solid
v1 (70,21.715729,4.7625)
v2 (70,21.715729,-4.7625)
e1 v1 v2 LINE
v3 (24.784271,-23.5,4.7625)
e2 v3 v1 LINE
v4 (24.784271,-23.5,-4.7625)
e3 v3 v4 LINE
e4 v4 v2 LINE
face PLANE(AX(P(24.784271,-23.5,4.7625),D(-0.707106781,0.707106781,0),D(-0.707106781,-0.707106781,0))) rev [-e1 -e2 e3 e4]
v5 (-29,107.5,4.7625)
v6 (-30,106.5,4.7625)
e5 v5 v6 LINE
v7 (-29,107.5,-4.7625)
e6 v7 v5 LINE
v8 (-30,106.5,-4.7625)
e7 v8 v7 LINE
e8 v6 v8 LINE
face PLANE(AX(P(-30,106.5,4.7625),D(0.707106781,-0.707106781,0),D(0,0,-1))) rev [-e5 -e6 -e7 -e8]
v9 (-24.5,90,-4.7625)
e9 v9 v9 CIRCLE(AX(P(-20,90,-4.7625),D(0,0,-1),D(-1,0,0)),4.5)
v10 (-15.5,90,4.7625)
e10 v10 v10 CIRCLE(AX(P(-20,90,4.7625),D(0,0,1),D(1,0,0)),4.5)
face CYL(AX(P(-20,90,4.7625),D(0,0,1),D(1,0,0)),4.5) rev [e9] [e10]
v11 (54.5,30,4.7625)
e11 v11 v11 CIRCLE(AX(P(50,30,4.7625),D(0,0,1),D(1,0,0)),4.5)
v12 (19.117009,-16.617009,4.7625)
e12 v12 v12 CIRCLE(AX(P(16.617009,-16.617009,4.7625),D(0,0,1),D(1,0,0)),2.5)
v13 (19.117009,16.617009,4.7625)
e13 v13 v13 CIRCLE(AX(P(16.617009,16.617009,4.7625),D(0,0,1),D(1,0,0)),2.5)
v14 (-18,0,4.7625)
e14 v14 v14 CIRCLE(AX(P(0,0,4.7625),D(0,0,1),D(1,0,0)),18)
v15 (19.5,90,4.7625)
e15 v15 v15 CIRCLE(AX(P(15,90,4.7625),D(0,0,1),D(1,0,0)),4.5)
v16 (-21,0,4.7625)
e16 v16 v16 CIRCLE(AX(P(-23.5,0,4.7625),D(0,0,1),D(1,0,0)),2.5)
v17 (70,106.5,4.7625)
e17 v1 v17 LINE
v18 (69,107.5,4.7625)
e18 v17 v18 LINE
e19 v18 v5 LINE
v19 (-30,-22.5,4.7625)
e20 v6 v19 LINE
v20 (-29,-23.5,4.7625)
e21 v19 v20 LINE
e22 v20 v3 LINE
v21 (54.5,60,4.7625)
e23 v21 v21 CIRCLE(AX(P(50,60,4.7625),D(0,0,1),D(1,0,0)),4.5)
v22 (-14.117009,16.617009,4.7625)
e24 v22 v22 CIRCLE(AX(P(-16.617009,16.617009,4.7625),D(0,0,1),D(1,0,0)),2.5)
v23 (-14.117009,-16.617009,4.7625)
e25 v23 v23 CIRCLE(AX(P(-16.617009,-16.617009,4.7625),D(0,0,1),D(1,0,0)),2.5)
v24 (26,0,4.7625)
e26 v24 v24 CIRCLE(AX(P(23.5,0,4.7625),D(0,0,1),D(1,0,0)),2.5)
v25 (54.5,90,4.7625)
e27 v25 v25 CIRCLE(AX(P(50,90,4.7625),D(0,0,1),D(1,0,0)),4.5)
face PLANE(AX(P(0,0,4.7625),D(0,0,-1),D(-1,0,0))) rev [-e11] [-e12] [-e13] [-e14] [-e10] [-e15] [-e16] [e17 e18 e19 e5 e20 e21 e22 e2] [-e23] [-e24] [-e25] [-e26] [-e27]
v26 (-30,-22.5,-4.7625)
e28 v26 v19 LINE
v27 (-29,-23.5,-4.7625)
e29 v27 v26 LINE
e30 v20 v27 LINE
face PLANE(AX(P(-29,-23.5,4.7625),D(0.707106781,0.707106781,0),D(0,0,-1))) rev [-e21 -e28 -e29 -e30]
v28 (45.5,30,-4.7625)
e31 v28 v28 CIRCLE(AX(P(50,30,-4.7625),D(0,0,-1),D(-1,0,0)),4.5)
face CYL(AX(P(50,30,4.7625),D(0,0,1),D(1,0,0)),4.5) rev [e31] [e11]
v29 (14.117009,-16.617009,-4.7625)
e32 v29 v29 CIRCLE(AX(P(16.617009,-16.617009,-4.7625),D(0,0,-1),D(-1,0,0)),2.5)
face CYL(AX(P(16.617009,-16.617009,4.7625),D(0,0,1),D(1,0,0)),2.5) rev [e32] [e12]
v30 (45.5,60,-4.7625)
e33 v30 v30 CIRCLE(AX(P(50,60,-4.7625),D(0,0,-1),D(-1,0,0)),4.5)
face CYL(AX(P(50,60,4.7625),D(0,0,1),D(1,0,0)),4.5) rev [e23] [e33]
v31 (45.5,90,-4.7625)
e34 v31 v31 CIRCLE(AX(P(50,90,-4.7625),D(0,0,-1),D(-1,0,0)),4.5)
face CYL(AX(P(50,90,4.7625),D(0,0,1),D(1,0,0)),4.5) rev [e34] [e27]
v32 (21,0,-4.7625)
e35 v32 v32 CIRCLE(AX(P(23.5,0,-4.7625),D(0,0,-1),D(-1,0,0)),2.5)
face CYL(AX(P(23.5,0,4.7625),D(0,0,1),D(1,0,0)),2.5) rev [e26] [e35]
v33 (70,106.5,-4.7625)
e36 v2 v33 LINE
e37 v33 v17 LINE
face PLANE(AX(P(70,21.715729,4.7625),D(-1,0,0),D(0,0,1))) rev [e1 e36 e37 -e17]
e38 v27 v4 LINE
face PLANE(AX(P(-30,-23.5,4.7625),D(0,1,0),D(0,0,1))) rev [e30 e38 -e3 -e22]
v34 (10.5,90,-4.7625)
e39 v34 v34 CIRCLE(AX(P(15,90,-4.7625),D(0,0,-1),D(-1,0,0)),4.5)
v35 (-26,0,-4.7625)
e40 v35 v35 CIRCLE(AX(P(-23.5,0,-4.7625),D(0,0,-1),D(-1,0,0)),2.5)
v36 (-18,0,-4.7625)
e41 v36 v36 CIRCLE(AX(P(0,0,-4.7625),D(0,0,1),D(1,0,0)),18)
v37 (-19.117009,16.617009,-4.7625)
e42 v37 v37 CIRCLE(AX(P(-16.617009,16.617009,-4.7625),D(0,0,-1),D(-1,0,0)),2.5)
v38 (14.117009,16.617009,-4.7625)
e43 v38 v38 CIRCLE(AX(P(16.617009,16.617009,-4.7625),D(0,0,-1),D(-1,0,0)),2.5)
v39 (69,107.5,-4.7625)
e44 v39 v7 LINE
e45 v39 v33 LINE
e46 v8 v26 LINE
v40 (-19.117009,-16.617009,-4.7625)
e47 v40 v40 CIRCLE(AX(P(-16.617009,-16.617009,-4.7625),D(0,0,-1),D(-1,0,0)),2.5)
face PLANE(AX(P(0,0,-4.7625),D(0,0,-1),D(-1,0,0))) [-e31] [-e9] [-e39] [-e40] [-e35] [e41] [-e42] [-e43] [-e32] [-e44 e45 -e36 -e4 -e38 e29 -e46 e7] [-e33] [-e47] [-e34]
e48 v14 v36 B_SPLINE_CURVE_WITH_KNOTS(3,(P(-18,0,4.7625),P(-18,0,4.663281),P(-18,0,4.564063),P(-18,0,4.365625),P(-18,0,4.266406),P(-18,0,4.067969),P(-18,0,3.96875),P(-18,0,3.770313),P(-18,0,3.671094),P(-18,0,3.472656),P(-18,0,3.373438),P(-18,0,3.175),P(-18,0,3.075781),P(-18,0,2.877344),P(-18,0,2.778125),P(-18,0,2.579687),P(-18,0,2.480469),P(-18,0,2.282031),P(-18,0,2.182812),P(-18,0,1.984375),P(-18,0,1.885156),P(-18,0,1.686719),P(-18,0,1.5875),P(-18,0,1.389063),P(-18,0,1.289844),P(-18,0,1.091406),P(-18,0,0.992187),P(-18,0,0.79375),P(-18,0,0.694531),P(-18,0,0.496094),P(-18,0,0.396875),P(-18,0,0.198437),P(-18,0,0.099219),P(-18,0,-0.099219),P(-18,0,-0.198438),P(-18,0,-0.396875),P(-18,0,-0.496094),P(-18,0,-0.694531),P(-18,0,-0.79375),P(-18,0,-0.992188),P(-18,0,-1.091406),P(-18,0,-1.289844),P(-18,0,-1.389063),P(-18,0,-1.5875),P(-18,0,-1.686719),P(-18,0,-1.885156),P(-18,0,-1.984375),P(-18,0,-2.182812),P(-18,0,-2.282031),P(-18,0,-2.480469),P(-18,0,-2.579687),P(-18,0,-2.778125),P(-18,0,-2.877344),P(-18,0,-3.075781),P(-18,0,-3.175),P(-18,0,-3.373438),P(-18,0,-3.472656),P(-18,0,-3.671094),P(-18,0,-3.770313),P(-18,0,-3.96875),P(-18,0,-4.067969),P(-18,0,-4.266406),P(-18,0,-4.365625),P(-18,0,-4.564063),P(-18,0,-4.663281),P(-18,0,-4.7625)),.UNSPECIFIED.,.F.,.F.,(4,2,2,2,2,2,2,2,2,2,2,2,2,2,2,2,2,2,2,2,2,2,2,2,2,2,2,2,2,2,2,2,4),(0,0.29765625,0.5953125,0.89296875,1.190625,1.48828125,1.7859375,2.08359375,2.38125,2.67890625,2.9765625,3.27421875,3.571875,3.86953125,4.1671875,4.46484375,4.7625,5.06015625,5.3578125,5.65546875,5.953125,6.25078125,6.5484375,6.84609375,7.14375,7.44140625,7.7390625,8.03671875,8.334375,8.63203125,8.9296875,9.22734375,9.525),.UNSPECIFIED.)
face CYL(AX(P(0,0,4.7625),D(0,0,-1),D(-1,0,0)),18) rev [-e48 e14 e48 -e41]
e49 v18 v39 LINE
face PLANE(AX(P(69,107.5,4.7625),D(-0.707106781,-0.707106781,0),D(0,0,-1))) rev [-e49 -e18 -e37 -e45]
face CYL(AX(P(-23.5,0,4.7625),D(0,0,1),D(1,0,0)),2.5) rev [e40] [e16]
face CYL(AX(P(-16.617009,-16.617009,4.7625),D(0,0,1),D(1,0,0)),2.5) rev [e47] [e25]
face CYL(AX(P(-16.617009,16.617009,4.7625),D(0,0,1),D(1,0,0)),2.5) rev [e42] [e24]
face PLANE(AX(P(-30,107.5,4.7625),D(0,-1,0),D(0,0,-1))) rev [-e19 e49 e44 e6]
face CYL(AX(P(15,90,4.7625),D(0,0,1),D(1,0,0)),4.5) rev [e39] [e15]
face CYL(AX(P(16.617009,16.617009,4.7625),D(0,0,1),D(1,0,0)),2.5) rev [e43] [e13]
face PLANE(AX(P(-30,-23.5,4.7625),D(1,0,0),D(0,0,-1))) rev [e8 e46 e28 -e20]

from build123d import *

# Parameters (mm, degrees)
SKETCH1_R             = 18
BOSS_EXTRUDE1_DEPTH   = 4.7625
M8_CLEARANCE_HOLE1_D  = 9
M6X1_0_TAPPED_HOLE1_D = 5
CHAMFER1_SIZE         = 1


with BuildPart() as part:
    # Sketch1 → Boss-Extrude1 (new, symmetric)
    with BuildSketch(Plane.XY):
        Polygon((-30, -23.5), (24.784271247, -23.5), (70, 21.715728753), (70, 107.5), (-30, 107.5), align=None)
        with Locations(Location((0, 0, 0), (0, 0, 180))):
            Circle(SKETCH1_R, mode=Mode.SUBTRACT)
    extrude(amount=BOSS_EXTRUDE1_DEPTH, both=True)

    # M8 Clearance Hole1 (through all)
    with Locations(Plane.XY.offset(4.7625)):
        with Locations((-20, 90), (15, 90), (50, 90), (50, 60), (50, 30)):
            Hole(M8_CLEARANCE_HOLE1_D / 2)

    # M6x1.0 Tapped Hole1 (through all)
    with Locations(Plane.XY.offset(4.7625)):
        with Locations((16.617009358, 16.617009358), (23.5, 0), (16.617009358, -16.617009358), (-16.617009358, -16.617009358), (-23.5, 0), (-16.617009358, 16.617009358)):
            Hole(M6X1_0_TAPPED_HOLE1_D / 2)

    # Chamfer1
    chamfer1_edges = [part.edges().sort_by_distance(p)[0] for p in [
        (-30, 107.5, 0),
        (70, 107.5, 0),
        (-30, -23.5, 0),
    ]]
    chamfer(chamfer1_edges, length=CHAMFER1_SIZE)


solid = part.part
